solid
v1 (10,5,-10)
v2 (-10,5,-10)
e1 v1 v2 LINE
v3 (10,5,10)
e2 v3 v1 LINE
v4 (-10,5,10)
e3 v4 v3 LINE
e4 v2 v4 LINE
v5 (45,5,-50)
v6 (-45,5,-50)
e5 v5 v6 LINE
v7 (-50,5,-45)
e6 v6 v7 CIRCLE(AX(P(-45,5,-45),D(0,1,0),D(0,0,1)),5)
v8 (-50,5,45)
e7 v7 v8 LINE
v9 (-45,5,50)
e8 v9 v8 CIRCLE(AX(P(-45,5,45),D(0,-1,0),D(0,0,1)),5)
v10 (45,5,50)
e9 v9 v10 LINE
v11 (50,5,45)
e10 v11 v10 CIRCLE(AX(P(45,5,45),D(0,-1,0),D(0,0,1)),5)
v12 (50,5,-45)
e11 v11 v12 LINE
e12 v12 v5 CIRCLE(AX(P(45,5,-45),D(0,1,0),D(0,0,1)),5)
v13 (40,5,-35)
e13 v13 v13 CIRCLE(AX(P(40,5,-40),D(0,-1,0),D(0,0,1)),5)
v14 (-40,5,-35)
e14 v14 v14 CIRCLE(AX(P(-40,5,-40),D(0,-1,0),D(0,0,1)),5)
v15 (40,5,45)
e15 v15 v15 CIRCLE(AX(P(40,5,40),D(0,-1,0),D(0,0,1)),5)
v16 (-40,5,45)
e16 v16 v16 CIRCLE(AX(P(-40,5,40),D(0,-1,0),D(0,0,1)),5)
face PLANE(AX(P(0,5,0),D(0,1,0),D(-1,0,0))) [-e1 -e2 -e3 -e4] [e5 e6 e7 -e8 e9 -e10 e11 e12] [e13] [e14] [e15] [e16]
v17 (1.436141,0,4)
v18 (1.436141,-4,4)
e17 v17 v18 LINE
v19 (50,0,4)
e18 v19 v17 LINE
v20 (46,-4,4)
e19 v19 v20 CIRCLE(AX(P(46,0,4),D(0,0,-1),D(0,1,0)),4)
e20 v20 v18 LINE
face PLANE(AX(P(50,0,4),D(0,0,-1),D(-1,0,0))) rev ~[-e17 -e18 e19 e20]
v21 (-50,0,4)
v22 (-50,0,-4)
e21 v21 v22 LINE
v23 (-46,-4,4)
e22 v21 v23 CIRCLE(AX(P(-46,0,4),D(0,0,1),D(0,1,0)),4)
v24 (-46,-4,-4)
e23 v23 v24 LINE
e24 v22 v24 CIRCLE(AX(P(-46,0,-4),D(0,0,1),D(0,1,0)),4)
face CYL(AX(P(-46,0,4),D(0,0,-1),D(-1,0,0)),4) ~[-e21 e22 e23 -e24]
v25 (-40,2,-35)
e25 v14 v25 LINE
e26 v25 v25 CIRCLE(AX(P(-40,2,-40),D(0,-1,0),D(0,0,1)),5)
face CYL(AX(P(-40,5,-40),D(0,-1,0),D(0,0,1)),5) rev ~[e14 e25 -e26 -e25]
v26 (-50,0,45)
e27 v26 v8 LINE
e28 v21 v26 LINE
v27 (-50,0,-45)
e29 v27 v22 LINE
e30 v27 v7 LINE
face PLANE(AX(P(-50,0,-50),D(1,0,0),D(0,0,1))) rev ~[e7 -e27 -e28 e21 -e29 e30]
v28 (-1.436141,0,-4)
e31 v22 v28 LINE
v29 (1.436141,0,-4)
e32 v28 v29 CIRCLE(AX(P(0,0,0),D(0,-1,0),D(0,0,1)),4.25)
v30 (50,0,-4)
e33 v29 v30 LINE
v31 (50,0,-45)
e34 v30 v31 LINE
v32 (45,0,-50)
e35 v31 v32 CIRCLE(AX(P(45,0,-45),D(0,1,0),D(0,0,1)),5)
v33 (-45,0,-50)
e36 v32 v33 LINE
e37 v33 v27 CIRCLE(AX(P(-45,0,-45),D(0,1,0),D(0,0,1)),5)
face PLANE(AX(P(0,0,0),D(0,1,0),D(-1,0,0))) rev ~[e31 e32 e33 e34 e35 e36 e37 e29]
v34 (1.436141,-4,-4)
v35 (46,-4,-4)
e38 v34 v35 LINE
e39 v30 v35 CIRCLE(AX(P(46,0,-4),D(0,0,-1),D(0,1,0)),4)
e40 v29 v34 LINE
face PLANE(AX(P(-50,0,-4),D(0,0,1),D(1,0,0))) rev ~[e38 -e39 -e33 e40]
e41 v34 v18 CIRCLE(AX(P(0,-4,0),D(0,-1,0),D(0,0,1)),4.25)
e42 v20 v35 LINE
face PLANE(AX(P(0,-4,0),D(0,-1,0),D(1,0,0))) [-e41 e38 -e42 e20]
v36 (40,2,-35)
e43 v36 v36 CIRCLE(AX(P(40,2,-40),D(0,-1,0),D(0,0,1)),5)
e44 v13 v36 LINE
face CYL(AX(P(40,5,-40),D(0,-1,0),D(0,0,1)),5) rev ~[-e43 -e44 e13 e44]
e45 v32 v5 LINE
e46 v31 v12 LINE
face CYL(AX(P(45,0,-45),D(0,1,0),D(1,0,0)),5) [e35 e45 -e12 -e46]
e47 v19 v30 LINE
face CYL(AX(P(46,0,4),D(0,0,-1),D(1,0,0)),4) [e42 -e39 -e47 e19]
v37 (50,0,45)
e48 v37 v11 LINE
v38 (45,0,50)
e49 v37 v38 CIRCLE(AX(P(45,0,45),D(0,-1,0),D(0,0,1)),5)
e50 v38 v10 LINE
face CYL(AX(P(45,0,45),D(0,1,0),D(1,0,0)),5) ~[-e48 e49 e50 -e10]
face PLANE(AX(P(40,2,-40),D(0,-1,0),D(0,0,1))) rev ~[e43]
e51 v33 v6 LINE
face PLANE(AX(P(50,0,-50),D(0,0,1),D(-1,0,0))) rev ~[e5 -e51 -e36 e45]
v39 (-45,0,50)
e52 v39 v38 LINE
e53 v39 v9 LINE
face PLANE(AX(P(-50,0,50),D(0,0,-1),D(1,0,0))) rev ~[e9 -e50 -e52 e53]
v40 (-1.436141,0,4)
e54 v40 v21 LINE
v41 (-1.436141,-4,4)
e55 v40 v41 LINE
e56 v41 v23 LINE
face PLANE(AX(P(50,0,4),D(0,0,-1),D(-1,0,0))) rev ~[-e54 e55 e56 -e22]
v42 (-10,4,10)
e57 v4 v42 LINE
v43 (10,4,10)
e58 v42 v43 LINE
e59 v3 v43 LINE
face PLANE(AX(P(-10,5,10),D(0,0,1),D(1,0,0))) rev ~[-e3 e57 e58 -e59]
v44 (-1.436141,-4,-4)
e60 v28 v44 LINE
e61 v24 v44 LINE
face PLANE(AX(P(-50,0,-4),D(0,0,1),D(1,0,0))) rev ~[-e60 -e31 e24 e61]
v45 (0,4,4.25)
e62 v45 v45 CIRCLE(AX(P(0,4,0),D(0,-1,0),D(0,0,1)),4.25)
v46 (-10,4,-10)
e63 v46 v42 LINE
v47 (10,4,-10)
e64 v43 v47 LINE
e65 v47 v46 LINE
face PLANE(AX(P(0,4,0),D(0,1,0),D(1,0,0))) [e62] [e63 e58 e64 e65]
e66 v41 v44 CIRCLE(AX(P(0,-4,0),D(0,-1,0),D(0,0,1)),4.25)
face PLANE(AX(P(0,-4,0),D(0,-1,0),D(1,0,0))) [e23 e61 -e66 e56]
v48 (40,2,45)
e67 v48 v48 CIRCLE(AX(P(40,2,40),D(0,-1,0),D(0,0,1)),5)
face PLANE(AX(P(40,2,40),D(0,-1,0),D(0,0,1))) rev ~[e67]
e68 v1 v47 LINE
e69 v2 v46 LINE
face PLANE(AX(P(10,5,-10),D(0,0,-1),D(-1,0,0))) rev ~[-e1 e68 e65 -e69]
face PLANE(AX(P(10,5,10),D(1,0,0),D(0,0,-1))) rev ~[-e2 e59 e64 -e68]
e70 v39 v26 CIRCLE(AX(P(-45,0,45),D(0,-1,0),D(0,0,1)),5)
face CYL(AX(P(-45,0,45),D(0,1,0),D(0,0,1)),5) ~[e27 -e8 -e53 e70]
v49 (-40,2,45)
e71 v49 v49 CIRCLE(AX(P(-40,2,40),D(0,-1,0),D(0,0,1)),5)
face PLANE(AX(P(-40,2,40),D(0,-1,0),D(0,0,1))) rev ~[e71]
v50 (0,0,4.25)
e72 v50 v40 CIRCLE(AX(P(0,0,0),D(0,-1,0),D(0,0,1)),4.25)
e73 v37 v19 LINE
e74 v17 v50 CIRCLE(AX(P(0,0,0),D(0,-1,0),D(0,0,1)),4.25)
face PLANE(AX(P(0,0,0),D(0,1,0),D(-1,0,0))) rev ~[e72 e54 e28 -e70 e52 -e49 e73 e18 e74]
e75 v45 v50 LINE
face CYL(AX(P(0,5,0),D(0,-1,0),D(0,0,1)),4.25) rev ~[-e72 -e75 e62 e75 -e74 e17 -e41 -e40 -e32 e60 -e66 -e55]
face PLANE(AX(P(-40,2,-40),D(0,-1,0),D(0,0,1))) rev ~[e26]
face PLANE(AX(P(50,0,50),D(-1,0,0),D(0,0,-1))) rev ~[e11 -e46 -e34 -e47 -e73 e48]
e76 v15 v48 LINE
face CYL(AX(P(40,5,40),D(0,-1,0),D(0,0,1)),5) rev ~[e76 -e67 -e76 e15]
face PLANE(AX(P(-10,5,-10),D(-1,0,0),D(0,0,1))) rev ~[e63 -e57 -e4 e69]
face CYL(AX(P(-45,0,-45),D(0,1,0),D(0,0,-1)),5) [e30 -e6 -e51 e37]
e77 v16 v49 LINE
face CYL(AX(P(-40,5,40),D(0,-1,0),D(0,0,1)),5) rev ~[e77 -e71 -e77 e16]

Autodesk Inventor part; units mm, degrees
ref_plane "YZ Plane" through (0, 0, 0) normal (1, 0, 0) x (0, 1, 0)
ref_plane "XZ Plane" through (0, 0, 0) normal (0, 1, 0) x (-1, 0, 0)
ref_plane "XY Plane" through (0, 0, 0) normal (0, 0, 1) x (1, 0, 0)
sketch "Sketch1" plane through (0, 0, 0) normal (0, 1, 0) x (-1, 0, 0)
  line L0 (-50, -50) -> (50, -50)
  line L1 (50, -50) -> (50, 50)
  line L2 (50, 50) -> (-50, 50)
  line L3 (-50, 50) -> (-50, -50)
  line L4 (-50, -50) -> (50, 50) construction
  line L5 (50, -50) -> (-50, 50) construction
  point P0 (0, 0)
  dimension "d0" = 100
  dimension "d1" = 100
extrude "Extrusion1" add sketch "Sketch1" along normal blind 5
sketch "Sketch2" plane through (0, 0, 0) normal (0, -1, 0) x (1, 0, 0)
  line L0 (50, 50) -> (50, -50) projected
  line L1 (-50, -4) -> (50, -4)
  line L2 (50, -4) -> (50, 4)
  line L3 (50, 4) -> (-50, 4)
  line L4 (-50, 4) -> (-50, -4)
  line L5 (-50, -4) -> (50, 4) construction
  line L6 (50, -4) -> (-50, 4) construction
  point P0 (0, 0)
  dimension "d4" = 8
extrude "Extrusion2" add sketch "Sketch2" along normal blind 4
sketch "Sketch3" plane through (0, 5, 0) normal (0, 1, 0) x (1, 0, 0)
  point P0 (0, 0)
  point P1 (0, 0)
hole "Hole1" at (0, 5, 0) direction (0, -1, 0) diameter 8.5 depth 9
fillet "Fillet1" radius 5 4 edges at (50, 2.5, 50) (50, 2.5, -50) (-50, 2.5, 50) (-50, 2.5, -50)
sketch "Sketch7" plane through (0, 5, 0) normal (0, 1, 0) x (1, 0, 0)
  line L0 (40, -40) -> (-40, -40) construction
  line L1 (-40, -40) -> (-40, 40) construction
  line L2 (-40, 40) -> (40, 40) construction
  line L3 (40, 40) -> (40, -40) construction
  circle A0 centre (0, 0) radius 4.25 construction
  line L4 (40, -40) -> (-40, 40) construction
  line L5 (-40, -40) -> (40, 40) construction
  dimension "d27" = 80
  dimension "d28" = 80
hole "Hole2" at (-40, 5, 40) at (40, 5, -40) at (40, 5, 40) at (-40, 5, -40) direction (0, -1, 0) diameter 10 depth 3
fillet "Fillet2" radius 4 2 edges at (50, -4, 0) (-50, -4, 0)
sketch "Sketch9" plane through (0, 5, 0) normal (0, 1, 0) x (1, 0, 0)
  line L0 (10, 10) -> (-10, 10)
  line L1 (-10, 10) -> (-10, -10)
  line L2 (-10, -10) -> (10, -10)
  line L3 (10, -10) -> (10, 10)
  line L4 (10, 10) -> (-10, -10) construction
  line L5 (-10, 10) -> (10, -10) construction
  point P0 (0, 0)
  dimension "d38" = 20
  dimension "d39" = 20
extrude "Extrusion6" cut sketch "Sketch9" against normal blind 1
properties part number "sliding_platform_3DPrint"
